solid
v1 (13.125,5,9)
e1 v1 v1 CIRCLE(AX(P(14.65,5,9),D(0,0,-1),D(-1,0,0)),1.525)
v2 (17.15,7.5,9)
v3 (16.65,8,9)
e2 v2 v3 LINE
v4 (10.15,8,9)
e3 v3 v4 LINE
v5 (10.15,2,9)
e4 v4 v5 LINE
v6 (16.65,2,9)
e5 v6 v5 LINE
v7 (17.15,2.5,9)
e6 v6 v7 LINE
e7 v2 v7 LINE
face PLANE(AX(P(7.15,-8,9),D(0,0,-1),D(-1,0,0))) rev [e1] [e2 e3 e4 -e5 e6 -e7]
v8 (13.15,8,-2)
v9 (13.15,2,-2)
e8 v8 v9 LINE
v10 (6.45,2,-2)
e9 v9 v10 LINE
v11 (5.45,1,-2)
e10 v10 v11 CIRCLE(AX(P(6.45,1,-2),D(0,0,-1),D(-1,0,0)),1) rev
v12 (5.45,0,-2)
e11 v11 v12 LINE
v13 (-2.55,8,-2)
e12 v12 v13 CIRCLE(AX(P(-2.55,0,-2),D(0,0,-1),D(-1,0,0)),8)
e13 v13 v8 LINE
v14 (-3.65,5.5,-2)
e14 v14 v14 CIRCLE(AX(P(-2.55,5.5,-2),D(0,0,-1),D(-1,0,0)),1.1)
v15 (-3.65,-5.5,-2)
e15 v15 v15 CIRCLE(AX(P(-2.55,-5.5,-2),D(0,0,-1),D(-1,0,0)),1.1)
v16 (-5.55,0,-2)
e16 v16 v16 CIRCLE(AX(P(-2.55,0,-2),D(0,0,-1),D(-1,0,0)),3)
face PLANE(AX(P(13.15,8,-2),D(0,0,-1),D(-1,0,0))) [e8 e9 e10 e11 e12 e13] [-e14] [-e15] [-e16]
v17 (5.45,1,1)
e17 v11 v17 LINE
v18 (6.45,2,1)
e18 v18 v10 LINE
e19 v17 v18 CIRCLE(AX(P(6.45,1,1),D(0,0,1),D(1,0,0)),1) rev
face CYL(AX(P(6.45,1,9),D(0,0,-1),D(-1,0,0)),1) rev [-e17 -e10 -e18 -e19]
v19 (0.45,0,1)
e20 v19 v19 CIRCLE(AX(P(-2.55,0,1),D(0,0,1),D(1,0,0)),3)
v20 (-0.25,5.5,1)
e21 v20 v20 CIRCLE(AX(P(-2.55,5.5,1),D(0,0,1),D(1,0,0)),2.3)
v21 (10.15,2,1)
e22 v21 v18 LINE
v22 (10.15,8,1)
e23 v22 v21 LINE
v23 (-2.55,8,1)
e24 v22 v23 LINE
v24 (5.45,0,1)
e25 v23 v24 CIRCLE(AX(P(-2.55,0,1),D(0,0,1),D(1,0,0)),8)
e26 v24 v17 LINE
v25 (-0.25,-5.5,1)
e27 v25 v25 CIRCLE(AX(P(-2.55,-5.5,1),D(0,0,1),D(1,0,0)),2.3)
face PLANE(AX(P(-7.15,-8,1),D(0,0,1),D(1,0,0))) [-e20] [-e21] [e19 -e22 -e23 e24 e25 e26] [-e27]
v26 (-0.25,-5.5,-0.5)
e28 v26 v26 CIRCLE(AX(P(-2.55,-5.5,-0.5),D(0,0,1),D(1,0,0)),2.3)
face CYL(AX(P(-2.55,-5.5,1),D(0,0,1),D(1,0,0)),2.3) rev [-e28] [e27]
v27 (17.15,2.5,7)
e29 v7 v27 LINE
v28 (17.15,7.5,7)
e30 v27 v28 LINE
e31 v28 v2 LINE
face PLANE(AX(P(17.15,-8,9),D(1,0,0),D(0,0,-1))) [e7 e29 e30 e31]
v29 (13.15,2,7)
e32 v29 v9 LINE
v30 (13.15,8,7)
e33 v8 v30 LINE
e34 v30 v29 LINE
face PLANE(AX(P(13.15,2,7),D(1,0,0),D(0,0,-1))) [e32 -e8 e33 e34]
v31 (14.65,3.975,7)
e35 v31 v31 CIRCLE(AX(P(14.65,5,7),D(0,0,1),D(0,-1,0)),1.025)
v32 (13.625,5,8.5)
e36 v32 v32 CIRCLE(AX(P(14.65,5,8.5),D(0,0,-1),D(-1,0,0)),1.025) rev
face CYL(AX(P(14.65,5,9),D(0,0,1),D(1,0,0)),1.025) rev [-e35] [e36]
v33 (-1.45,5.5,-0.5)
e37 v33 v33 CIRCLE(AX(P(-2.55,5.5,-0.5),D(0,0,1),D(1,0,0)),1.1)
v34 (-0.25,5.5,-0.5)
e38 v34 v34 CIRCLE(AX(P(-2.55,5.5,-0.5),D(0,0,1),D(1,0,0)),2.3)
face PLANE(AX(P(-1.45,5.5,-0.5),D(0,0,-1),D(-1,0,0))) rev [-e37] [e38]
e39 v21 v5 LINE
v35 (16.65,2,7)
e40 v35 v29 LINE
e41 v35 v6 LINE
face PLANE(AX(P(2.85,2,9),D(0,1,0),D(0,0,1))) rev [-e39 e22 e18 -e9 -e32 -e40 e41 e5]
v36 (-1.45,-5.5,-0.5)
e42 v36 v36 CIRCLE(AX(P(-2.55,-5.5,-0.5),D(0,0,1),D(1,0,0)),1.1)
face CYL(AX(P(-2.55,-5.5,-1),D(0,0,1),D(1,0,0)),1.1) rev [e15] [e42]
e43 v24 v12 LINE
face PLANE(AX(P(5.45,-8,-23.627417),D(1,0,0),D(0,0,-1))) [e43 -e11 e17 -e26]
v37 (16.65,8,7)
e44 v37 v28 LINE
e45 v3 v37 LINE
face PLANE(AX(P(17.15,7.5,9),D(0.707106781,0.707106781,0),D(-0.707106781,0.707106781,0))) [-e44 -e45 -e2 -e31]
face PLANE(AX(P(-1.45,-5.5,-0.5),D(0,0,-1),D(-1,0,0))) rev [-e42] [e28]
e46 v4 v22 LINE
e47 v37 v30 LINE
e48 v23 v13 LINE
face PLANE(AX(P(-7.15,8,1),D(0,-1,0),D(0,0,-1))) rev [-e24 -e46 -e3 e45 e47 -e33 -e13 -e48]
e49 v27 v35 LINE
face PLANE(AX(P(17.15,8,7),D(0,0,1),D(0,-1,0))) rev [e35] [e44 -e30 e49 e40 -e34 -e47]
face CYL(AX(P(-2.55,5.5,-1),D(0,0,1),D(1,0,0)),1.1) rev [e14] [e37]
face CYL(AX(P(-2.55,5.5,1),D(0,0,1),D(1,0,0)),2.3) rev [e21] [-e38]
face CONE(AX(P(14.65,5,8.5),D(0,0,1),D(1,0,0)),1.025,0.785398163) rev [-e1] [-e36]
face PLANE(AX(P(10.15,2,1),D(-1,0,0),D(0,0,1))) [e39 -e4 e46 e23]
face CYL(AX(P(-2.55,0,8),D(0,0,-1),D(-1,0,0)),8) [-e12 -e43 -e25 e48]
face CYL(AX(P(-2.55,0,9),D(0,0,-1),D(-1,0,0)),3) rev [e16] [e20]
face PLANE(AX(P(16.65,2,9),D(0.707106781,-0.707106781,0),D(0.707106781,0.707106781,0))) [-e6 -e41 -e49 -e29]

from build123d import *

# Parameters (mm, degrees)
SKETCH_1_W                = 14.3
SKETCH_1_H                = 16
EXTRUDE_1_DEPTH           = 1
SKETCH_3_R                = 3
CUT_EXTRUDE_3_DEPTH       = 10
SKETCH_4_R                = 1.25
CUT_EXTRUDE_4_DEPTH       = 2
CHAMFER_2_SIZE            = 3
SKETCH1_W                 = 2
SKETCH1_H                 = 16
EXTRUDE1_DEPTH            = 8
SKETCH2_W                 = 2
SKETCH2_H                 = 16
EXTRUDE2_DEPTH            = 10
SKETCH3_W                 = 14.3
SKETCH3_H                 = 10
EXTRUDE3_DEPTH            = 10
HOLE_WIZARD_M2_5_2_D      = 2.05
HOLE_WIZARD_M2_5_2_DEPTH  = 7.25
HOLE_WIZARD_M2_5_2_TIP    = 0.615882135
CHAMFER1_SIZE             = 3
CHAMFER4_SIZE             = 0.5
EXTRUDE4_DEPTH            = 6
SKETCH7_W                 = 2
SKETCH7_H                 = 6
EXTRUDE5_DEPTH            = 10
CHAMFER5_SIZE             = 0.5
EXTRUDE6_START            = -2
SKETCH8_W                 = 16
SKETCH8_H                 = 16
SKETCH8_R                 = 3
EXTRUDE6_DEPTH            = 2
SKETCH9_R                 = 1.1
EXTRUDE7_DEPTH            = 21.545619971
SKETCH12_W                = 6
SKETCH12_H                = 6
EXTRUDE10_DEPTH           = 0.5
SKETCH13_W                = 8
SKETCH13_H                = 6
EXTRUDE11_DEPTH           = 0.5
SKETCH15_R                = 1.1
SKETCH15_R_2              = 3
EXTRUDE13_DEPTH           = 1
CUT_EXTRUDE_1_DEPTH       = 10
HOLE_WIZARD_1_D           = 2.2
HOLE_WIZARD_1_CBORE_D     = 4.6
HOLE_WIZARD_1_CBORE_DEPTH = 1.5
FILLET_3_R                = 1
SKETCH_12_W               = 8.120884579
SKETCH_12_H               = 6.489865184
CUT_EXTRUDE_2_DEPTH       = 10


with BuildPart() as part:
    # 草图1 → 拉伸1 (new, symmetric)
    with BuildSketch(Plane.XY):
        Rectangle(SKETCH_1_W, SKETCH_1_H)
    extrude(amount=EXTRUDE_1_DEPTH, both=True)

    # 草图3 → 拉伸3 (cut)
    with BuildSketch(Plane(origin=(0, 0, -1), x_dir=(-1, 0, 0), z_dir=(0, 0, -1))):
        with Locations((2.55, 0)):
            Circle(SKETCH_3_R)
    extrude(amount=-CUT_EXTRUDE_3_DEPTH, mode=Mode.SUBTRACT)

    # 草图4 → 拉伸4 (cut)
    with BuildSketch(Plane(origin=(0, 0, -1), x_dir=(-1, 0, 0), z_dir=(0, 0, -1))):
        with Locations((2.55, 5)):
            Circle(SKETCH_4_R)
        with Locations((2.55, -5)):
            Circle(SKETCH_4_R)
    extrude(amount=-CUT_EXTRUDE_4_DEPTH, mode=Mode.SUBTRACT)

    # 倒角2
    chamfer_2_edges = [part.edges().sort_by_distance(p)[0] for p in [
        (-7.15, 8, 0),
        (-7.15, -8, 0),
    ]]
    chamfer(chamfer_2_edges, length=CHAMFER_2_SIZE)

    # Sketch1 → Extrude1 (add)
    with BuildSketch(Plane.XY.offset(1)):
        with Locations((6.15, 0)):
            Rectangle(SKETCH1_W, SKETCH1_H)
    extrude(amount=EXTRUDE1_DEPTH)

    # Sketch2 → Extrude2 (add)
    with BuildSketch(Plane(origin=(7.15, 0, 0), x_dir=(0, 0, -1), z_dir=(1, 0, 0))):
        with Locations((-8, 0)):
            Rectangle(SKETCH2_W, SKETCH2_H)
    extrude(amount=EXTRUDE2_DEPTH)

    # Sketch3 → Extrude3 (cut)
    with BuildSketch(Plane.XZ.offset(8)):
        with Locations((10, 4)):
            Rectangle(SKETCH3_W, SKETCH3_H)
    extrude(amount=-EXTRUDE3_DEPTH, mode=Mode.SUBTRACT)

    # M2.5 螺纹孔2
    with Locations(Plane(origin=(14.65, 5, 9), x_dir=(1, 0, 0), z_dir=(0, 0, 1))):
        with Locations((0, 0)):
            Hole(HOLE_WIZARD_M2_5_2_D / 2, depth=HOLE_WIZARD_M2_5_2_DEPTH)
            with Locations((0, 0, -(HOLE_WIZARD_M2_5_2_DEPTH + HOLE_WIZARD_M2_5_2_TIP / 2))):  # 118° drill point
                Cone(0, HOLE_WIZARD_M2_5_2_D / 2, HOLE_WIZARD_M2_5_2_TIP, mode=Mode.SUBTRACT)

    # Chamfer1
    chamfer1_edges = [part.edges().sort_by_distance(p)[0] for p in [
        (2.85, -8, 0),
    ]]
    chamfer(chamfer1_edges, length=CHAMFER1_SIZE)

    # Chamfer4
    chamfer4_edges = [part.edges().sort_by_distance(p)[0] for p in [
        (15.675, 5, 9),
    ]]
    chamfer(chamfer4_edges, length=CHAMFER4_SIZE)

    # Sketch6 → Extrude4 (add)
    with BuildSketch(Plane(origin=(0, 8, 0), x_dir=(-1, 0, 0), z_dir=(0, 1, 0))):
        Polygon((-10.65, 7), (-12.65, 7), (-12.65, -1), (-7.15, -1), (-5.15, 1), (-10.65, 1), align=None)
    extrude(amount=-EXTRUDE4_DEPTH)

    # Sketch7 → Extrude5 (cut)
    with BuildSketch(Plane.XZ.offset(-2)):
        with Locations((6.15, 4)):
            Rectangle(SKETCH7_W, SKETCH7_H)
    extrude(amount=-EXTRUDE5_DEPTH, mode=Mode.SUBTRACT)

    # Chamfer5
    chamfer5_edges = [part.edges().sort_by_distance(p)[0] for p in [
        (17.15, 8, 8),
        (17.15, 2, 8),
        (5.15, 2, 8),
        (5.15, 8, 8),
    ]]
    chamfer(chamfer5_edges, length=CHAMFER5_SIZE)

    # Sketch8 → Extrude6 (add)
    with BuildSketch(Plane.XY.offset(1).offset(EXTRUDE6_START)):
        with Locations((-2.55, 0)):
            Rectangle(SKETCH8_W, SKETCH8_H)
        with Locations(Location((-2.55, 0, 0), (0, 0, 180))):
            Circle(SKETCH8_R, mode=Mode.SUBTRACT)
    extrude(amount=EXTRUDE6_DEPTH)

    # Sketch9 → Extrude7 (cut, through all)
    with BuildSketch(Plane.XY.offset(1)):
        with Locations((-2.55, -5.5)):
            Circle(SKETCH9_R)
        with Locations((-2.55, 5.5)):
            Circle(SKETCH9_R)
    extrude(amount=-EXTRUDE7_DEPTH, mode=Mode.SUBTRACT)

    # Sketch12 → Extrude10 (add)
    with BuildSketch(Plane.ZY.offset(-10.65)):
        with Locations((4, 5)):
            Rectangle(SKETCH12_W, SKETCH12_H)
    extrude(amount=EXTRUDE10_DEPTH)

    # Sketch13 → Extrude11 (add)
    with BuildSketch(Plane(origin=(12.65, 0, 0), x_dir=(0, 0, -1), z_dir=(1, 0, 0))):
        with Locations((-3, 5)):
            Rectangle(SKETCH13_W, SKETCH13_H)
    extrude(amount=EXTRUDE11_DEPTH)

    # Sketch15 → Extrude13 (add)
    with BuildSketch(Plane(origin=(0, 0, -1), x_dir=(-1, 0, 0), z_dir=(0, 0, -1))):
        Polygon((10.55, -8), (10.55, 8), (-13.15, 8), (-13.15, 2), (-5.45, 2), (-5.45, -8), align=None)
        with Locations(Location((2.55, 5.5, 0), (0, 0, 180))):
            Circle(SKETCH15_R, mode=Mode.SUBTRACT)
        with Locations(Location((2.55, -5.5, 0), (0, 0, 180))):
            Circle(SKETCH15_R, mode=Mode.SUBTRACT)
        with Locations((2.55, 0)):
            Circle(SKETCH15_R_2, mode=Mode.SUBTRACT)
    extrude(amount=EXTRUDE13_DEPTH)

    # 草图9 → 切除-拉伸1 (cut)
    with BuildSketch(Plane(origin=(0, 0, -2), x_dir=(-1, 0, 0), z_dir=(0, 0, -1))):
        with BuildLine():
            Line((-5.45, 0), (-5.45, -9.75102195))
            Line((-5.45, -9.75102195), (10.872695199, -9.75102195))
            Line((10.872695199, -9.75102195), (10.872695199, 8))
            Line((10.872695199, 8), (10.55, 8))
            Line((10.55, 8), (2.55, 8))
            ThreePointArc((2.55, 8), (8.206854249, -5.656854249), (-5.45, 0))
        make_face()
    extrude(amount=-CUT_EXTRUDE_1_DEPTH, mode=Mode.SUBTRACT)

    # 打孔尺寸(%根据)内六角圆柱头螺钉的类型1 (through all)
    with Locations(Plane.XY.offset(1)):
        with Locations((-2.55, 5.5), (-2.55, -5.5)):
            CounterBoreHole(HOLE_WIZARD_1_D / 2, HOLE_WIZARD_1_CBORE_D / 2, HOLE_WIZARD_1_CBORE_DEPTH)

    # 圆角3
    fillet_3_edges = [part.edges().sort_by_distance(p)[0] for p in [
        (5.45, 2, -0.5),
    ]]
    fillet(fillet_3_edges, radius=FILLET_3_R)

    # 草图12 → 切除-拉伸2 (cut)
    with BuildSketch(Plane(origin=(0, 8, 0), x_dir=(1, 0, 0), z_dir=(0, 1, 0))):
        with Locations((6.089557711, -7.244932592)):
            Rectangle(SKETCH_12_W, SKETCH_12_H)
    extrude(amount=-CUT_EXTRUDE_2_DEPTH, mode=Mode.SUBTRACT)


solid = part.part
